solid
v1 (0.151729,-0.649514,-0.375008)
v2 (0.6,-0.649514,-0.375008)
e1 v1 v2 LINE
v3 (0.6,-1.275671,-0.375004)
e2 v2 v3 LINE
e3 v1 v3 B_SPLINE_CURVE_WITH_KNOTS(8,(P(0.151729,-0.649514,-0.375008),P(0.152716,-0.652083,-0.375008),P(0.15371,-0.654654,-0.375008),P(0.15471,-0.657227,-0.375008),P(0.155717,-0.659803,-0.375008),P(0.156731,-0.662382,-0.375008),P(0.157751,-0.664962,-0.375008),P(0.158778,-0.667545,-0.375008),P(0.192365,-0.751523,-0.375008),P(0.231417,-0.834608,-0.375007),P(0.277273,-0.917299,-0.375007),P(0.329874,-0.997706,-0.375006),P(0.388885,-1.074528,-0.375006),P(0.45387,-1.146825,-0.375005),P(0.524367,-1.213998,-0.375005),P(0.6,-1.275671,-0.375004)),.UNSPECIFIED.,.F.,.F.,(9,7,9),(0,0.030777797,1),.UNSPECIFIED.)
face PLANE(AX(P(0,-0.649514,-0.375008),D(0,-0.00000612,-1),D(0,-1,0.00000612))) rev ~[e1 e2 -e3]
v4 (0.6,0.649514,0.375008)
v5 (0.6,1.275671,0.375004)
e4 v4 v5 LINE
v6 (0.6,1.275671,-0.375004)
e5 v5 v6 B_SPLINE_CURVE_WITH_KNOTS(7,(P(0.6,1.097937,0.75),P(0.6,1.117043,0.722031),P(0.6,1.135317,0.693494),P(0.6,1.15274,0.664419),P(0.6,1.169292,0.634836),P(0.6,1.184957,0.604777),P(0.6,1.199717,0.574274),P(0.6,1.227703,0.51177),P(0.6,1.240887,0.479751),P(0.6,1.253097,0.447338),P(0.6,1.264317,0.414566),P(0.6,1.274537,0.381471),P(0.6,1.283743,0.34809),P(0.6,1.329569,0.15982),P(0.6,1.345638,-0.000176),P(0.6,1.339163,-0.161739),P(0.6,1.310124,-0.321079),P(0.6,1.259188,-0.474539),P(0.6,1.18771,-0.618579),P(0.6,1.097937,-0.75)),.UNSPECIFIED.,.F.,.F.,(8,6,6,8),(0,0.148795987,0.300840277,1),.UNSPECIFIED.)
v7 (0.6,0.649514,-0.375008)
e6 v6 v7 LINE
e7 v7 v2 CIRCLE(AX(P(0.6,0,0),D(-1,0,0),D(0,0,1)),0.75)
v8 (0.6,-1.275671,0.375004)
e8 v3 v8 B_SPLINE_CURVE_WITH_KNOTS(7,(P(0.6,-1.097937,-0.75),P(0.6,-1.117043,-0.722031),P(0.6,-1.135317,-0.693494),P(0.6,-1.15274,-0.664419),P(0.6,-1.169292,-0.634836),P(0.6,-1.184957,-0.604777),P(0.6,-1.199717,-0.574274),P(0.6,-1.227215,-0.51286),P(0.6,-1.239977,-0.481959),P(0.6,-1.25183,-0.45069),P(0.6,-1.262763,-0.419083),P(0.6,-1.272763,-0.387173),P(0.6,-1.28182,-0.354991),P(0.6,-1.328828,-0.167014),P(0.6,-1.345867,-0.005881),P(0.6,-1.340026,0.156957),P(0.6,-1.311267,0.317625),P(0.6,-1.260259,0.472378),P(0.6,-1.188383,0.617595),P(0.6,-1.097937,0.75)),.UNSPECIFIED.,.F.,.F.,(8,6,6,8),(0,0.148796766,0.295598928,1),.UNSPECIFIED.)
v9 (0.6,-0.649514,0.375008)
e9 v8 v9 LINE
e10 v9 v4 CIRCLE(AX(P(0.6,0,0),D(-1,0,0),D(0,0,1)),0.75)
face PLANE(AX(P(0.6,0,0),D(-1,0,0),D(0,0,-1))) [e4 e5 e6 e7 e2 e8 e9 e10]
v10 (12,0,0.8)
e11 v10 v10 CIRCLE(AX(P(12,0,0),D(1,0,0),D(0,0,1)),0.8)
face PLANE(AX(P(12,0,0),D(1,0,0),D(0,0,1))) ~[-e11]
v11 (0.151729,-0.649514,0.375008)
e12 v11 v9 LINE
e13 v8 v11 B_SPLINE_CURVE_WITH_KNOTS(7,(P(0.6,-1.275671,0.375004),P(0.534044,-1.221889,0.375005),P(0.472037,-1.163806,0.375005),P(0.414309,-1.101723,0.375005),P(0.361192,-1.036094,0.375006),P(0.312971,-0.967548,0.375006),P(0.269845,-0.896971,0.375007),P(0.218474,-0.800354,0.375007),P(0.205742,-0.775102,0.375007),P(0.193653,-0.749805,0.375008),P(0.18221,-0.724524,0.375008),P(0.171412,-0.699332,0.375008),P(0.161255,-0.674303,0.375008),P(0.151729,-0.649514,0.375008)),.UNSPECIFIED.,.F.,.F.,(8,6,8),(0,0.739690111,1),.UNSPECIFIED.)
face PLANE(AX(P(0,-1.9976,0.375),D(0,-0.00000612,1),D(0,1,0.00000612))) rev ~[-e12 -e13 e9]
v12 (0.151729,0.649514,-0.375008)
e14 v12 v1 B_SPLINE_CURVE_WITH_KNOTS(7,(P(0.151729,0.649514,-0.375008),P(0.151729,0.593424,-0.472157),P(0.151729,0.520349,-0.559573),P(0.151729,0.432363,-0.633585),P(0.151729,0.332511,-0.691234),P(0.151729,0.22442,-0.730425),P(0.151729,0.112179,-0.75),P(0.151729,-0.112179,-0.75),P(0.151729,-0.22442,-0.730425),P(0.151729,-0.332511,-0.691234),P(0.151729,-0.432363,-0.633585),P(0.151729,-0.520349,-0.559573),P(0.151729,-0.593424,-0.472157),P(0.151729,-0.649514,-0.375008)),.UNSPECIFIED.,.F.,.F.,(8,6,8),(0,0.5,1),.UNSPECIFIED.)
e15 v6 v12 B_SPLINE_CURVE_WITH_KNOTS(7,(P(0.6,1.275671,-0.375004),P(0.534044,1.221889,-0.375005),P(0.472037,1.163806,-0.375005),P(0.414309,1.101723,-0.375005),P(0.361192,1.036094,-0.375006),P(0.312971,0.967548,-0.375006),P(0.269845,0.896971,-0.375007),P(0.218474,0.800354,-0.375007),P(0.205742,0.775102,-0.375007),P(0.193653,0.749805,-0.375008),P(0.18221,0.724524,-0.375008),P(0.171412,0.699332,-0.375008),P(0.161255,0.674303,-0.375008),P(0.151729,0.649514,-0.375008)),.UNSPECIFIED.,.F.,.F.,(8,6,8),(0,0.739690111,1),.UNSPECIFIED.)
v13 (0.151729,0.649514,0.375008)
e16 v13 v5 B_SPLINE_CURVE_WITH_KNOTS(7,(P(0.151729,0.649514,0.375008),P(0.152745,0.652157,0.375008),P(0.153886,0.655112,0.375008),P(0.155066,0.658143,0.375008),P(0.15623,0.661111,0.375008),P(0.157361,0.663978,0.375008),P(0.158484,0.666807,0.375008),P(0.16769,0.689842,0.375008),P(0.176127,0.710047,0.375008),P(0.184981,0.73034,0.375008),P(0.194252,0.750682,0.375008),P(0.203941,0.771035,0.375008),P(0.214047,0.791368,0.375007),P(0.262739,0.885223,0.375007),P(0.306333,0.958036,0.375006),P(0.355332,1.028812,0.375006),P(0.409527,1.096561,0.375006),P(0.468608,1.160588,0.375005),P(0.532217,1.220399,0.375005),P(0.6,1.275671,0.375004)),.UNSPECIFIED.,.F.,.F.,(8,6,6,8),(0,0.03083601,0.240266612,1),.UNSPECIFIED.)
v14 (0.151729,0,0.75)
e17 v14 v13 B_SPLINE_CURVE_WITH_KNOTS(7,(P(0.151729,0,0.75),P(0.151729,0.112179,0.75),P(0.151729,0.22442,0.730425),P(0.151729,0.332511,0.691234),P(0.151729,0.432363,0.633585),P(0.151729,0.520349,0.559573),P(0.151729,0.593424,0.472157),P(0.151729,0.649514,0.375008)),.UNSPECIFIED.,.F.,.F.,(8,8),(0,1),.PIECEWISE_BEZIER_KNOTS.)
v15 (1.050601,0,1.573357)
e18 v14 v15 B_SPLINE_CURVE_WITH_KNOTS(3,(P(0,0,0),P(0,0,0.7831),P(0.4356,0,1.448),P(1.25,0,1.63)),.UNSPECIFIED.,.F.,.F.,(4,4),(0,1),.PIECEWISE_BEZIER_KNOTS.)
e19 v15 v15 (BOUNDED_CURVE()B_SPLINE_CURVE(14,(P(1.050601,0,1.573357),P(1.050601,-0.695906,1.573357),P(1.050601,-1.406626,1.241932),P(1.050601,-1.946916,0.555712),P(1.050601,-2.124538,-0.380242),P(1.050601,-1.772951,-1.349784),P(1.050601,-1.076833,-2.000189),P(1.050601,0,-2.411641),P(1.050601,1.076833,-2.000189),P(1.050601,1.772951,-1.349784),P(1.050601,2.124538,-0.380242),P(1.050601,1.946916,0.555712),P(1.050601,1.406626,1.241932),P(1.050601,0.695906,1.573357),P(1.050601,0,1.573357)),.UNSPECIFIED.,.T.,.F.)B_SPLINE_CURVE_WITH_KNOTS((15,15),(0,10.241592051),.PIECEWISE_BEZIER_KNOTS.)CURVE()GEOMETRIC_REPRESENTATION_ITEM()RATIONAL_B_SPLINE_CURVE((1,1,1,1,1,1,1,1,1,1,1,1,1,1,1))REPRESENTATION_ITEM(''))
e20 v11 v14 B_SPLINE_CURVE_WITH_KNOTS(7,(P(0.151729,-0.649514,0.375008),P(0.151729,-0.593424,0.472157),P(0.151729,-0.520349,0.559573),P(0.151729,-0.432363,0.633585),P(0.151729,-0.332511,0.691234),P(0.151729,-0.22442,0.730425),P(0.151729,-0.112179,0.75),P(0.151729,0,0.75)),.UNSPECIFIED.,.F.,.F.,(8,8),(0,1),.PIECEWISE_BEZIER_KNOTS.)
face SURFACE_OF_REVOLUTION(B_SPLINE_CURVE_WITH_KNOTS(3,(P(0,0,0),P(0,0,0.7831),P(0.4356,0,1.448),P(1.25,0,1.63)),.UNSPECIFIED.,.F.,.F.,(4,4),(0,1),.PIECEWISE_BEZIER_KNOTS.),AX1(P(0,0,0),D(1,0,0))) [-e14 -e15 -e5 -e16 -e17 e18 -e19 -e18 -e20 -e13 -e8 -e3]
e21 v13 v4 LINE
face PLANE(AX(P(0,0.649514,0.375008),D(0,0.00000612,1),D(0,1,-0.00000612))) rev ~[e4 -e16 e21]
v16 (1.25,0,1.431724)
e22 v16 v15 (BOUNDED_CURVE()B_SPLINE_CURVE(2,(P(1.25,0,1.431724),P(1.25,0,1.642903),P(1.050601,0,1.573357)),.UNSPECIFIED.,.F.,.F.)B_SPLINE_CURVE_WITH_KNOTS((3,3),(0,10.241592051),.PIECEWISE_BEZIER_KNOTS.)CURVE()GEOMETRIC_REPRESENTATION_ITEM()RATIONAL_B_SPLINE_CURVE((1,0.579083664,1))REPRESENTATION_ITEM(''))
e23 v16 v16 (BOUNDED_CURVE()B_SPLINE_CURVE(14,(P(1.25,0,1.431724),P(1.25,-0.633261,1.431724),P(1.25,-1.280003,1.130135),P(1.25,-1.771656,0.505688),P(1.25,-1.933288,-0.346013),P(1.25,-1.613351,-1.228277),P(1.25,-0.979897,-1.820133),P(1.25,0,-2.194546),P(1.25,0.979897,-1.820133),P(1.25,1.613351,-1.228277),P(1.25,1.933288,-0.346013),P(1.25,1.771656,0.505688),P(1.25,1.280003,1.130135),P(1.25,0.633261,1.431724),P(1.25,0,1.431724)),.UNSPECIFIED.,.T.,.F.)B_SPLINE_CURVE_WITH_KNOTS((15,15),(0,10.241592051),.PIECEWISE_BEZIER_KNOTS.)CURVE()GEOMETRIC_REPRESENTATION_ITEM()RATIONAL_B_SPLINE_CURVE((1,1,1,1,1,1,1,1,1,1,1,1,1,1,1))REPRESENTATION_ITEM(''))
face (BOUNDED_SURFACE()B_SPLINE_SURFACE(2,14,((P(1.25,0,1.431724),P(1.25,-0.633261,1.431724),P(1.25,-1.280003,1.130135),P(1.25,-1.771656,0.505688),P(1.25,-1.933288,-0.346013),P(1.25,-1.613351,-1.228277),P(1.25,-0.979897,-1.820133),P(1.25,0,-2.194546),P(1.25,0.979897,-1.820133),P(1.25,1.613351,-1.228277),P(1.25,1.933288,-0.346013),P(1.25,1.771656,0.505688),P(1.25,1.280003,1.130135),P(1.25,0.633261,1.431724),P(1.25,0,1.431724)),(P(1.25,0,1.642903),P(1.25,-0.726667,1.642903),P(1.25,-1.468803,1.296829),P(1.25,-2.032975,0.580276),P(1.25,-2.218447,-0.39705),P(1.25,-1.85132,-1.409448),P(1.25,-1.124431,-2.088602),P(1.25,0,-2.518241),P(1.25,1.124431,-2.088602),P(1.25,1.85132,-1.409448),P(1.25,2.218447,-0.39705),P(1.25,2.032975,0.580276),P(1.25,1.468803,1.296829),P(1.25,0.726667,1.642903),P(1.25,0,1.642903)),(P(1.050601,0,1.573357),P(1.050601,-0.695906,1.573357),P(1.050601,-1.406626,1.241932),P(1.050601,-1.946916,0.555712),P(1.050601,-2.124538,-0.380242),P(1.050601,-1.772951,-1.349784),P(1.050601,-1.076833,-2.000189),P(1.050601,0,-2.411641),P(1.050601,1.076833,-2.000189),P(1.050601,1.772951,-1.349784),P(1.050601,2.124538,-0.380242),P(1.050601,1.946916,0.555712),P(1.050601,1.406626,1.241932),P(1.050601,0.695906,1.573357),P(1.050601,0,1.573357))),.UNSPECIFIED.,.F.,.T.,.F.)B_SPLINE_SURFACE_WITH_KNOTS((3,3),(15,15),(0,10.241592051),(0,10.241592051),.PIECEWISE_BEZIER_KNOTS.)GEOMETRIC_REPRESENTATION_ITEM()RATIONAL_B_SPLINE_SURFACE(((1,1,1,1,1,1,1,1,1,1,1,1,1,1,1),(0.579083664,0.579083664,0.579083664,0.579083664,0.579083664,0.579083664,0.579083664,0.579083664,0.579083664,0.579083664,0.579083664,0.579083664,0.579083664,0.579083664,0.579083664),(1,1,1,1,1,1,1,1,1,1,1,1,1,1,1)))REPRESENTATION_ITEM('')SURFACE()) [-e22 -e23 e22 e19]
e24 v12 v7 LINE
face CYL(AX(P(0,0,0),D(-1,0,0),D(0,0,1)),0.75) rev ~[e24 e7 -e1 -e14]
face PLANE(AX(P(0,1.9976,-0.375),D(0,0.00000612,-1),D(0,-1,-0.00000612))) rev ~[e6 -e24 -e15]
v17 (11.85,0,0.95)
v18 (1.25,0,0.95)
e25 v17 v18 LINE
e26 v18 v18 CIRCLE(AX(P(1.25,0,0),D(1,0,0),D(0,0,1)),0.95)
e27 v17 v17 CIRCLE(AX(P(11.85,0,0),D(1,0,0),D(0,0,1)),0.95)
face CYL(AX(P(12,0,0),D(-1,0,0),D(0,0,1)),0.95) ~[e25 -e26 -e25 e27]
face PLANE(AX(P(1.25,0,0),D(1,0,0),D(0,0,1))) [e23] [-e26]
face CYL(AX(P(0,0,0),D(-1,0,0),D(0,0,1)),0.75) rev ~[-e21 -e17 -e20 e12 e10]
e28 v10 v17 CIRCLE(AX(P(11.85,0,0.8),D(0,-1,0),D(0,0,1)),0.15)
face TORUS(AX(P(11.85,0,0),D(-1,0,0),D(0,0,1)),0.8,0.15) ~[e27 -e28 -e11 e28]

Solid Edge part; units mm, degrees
sketch "Sketch1" plane through (0, 0, 0) normal (0, -1, 0) x (1, 0, 0)
  line L0 (12, 0) -> (12, 0.95)
  line L1 (12, 0.95) -> (1.25, 0.95)
  line L2 (1.25, 1.63) -> (1.25, 0.95)
  spline S0 degree 3 poles (0, 0) (0, 0.7831) (0.4356, 1.448) (1.25, 1.63) knots 0 0 0 0 1 1 1 1
revolve "RevolvedProtrusion1" add sketch "Sketch1" angle 360 about axis through (0, 0, 0) along (1, 0, 0)
sketch "Sketch2" plane through (0, 0, 0) normal (1, 0, 0) x (0, 0, 1)
  line L0 (-0.375, 1.9976) -> (0.375, 1.9976)
  line L1 (0.375, 1.9976) -> (0.375, 0.6495)
  arc A0 (0.375, 0.6495) -> (0.375, -0.6495) centre (0, 0) cw
  line L2 (0.375, -0.6495) -> (0.375, -1.9976)
  line L3 (0.375, -1.9976) -> (-0.375, -1.9976)
  line L4 (-0.375, -1.9976) -> (-0.375, -0.6495)
  line L5 (-0.375, 0.6495) -> (-0.375, 1.9976)
  arc A1 (-0.375, -0.6495) -> (-0.375, 0.6495) centre (0, 0) cw
extrude "Cutout1" cut sketch "Sketch2" along normal blind 0.6
fillet "Round_1" radius 0.15 2 edges at (12, 0, -0.95) (1.25, 0, -1.63)
properties material "Galvanized steel"
